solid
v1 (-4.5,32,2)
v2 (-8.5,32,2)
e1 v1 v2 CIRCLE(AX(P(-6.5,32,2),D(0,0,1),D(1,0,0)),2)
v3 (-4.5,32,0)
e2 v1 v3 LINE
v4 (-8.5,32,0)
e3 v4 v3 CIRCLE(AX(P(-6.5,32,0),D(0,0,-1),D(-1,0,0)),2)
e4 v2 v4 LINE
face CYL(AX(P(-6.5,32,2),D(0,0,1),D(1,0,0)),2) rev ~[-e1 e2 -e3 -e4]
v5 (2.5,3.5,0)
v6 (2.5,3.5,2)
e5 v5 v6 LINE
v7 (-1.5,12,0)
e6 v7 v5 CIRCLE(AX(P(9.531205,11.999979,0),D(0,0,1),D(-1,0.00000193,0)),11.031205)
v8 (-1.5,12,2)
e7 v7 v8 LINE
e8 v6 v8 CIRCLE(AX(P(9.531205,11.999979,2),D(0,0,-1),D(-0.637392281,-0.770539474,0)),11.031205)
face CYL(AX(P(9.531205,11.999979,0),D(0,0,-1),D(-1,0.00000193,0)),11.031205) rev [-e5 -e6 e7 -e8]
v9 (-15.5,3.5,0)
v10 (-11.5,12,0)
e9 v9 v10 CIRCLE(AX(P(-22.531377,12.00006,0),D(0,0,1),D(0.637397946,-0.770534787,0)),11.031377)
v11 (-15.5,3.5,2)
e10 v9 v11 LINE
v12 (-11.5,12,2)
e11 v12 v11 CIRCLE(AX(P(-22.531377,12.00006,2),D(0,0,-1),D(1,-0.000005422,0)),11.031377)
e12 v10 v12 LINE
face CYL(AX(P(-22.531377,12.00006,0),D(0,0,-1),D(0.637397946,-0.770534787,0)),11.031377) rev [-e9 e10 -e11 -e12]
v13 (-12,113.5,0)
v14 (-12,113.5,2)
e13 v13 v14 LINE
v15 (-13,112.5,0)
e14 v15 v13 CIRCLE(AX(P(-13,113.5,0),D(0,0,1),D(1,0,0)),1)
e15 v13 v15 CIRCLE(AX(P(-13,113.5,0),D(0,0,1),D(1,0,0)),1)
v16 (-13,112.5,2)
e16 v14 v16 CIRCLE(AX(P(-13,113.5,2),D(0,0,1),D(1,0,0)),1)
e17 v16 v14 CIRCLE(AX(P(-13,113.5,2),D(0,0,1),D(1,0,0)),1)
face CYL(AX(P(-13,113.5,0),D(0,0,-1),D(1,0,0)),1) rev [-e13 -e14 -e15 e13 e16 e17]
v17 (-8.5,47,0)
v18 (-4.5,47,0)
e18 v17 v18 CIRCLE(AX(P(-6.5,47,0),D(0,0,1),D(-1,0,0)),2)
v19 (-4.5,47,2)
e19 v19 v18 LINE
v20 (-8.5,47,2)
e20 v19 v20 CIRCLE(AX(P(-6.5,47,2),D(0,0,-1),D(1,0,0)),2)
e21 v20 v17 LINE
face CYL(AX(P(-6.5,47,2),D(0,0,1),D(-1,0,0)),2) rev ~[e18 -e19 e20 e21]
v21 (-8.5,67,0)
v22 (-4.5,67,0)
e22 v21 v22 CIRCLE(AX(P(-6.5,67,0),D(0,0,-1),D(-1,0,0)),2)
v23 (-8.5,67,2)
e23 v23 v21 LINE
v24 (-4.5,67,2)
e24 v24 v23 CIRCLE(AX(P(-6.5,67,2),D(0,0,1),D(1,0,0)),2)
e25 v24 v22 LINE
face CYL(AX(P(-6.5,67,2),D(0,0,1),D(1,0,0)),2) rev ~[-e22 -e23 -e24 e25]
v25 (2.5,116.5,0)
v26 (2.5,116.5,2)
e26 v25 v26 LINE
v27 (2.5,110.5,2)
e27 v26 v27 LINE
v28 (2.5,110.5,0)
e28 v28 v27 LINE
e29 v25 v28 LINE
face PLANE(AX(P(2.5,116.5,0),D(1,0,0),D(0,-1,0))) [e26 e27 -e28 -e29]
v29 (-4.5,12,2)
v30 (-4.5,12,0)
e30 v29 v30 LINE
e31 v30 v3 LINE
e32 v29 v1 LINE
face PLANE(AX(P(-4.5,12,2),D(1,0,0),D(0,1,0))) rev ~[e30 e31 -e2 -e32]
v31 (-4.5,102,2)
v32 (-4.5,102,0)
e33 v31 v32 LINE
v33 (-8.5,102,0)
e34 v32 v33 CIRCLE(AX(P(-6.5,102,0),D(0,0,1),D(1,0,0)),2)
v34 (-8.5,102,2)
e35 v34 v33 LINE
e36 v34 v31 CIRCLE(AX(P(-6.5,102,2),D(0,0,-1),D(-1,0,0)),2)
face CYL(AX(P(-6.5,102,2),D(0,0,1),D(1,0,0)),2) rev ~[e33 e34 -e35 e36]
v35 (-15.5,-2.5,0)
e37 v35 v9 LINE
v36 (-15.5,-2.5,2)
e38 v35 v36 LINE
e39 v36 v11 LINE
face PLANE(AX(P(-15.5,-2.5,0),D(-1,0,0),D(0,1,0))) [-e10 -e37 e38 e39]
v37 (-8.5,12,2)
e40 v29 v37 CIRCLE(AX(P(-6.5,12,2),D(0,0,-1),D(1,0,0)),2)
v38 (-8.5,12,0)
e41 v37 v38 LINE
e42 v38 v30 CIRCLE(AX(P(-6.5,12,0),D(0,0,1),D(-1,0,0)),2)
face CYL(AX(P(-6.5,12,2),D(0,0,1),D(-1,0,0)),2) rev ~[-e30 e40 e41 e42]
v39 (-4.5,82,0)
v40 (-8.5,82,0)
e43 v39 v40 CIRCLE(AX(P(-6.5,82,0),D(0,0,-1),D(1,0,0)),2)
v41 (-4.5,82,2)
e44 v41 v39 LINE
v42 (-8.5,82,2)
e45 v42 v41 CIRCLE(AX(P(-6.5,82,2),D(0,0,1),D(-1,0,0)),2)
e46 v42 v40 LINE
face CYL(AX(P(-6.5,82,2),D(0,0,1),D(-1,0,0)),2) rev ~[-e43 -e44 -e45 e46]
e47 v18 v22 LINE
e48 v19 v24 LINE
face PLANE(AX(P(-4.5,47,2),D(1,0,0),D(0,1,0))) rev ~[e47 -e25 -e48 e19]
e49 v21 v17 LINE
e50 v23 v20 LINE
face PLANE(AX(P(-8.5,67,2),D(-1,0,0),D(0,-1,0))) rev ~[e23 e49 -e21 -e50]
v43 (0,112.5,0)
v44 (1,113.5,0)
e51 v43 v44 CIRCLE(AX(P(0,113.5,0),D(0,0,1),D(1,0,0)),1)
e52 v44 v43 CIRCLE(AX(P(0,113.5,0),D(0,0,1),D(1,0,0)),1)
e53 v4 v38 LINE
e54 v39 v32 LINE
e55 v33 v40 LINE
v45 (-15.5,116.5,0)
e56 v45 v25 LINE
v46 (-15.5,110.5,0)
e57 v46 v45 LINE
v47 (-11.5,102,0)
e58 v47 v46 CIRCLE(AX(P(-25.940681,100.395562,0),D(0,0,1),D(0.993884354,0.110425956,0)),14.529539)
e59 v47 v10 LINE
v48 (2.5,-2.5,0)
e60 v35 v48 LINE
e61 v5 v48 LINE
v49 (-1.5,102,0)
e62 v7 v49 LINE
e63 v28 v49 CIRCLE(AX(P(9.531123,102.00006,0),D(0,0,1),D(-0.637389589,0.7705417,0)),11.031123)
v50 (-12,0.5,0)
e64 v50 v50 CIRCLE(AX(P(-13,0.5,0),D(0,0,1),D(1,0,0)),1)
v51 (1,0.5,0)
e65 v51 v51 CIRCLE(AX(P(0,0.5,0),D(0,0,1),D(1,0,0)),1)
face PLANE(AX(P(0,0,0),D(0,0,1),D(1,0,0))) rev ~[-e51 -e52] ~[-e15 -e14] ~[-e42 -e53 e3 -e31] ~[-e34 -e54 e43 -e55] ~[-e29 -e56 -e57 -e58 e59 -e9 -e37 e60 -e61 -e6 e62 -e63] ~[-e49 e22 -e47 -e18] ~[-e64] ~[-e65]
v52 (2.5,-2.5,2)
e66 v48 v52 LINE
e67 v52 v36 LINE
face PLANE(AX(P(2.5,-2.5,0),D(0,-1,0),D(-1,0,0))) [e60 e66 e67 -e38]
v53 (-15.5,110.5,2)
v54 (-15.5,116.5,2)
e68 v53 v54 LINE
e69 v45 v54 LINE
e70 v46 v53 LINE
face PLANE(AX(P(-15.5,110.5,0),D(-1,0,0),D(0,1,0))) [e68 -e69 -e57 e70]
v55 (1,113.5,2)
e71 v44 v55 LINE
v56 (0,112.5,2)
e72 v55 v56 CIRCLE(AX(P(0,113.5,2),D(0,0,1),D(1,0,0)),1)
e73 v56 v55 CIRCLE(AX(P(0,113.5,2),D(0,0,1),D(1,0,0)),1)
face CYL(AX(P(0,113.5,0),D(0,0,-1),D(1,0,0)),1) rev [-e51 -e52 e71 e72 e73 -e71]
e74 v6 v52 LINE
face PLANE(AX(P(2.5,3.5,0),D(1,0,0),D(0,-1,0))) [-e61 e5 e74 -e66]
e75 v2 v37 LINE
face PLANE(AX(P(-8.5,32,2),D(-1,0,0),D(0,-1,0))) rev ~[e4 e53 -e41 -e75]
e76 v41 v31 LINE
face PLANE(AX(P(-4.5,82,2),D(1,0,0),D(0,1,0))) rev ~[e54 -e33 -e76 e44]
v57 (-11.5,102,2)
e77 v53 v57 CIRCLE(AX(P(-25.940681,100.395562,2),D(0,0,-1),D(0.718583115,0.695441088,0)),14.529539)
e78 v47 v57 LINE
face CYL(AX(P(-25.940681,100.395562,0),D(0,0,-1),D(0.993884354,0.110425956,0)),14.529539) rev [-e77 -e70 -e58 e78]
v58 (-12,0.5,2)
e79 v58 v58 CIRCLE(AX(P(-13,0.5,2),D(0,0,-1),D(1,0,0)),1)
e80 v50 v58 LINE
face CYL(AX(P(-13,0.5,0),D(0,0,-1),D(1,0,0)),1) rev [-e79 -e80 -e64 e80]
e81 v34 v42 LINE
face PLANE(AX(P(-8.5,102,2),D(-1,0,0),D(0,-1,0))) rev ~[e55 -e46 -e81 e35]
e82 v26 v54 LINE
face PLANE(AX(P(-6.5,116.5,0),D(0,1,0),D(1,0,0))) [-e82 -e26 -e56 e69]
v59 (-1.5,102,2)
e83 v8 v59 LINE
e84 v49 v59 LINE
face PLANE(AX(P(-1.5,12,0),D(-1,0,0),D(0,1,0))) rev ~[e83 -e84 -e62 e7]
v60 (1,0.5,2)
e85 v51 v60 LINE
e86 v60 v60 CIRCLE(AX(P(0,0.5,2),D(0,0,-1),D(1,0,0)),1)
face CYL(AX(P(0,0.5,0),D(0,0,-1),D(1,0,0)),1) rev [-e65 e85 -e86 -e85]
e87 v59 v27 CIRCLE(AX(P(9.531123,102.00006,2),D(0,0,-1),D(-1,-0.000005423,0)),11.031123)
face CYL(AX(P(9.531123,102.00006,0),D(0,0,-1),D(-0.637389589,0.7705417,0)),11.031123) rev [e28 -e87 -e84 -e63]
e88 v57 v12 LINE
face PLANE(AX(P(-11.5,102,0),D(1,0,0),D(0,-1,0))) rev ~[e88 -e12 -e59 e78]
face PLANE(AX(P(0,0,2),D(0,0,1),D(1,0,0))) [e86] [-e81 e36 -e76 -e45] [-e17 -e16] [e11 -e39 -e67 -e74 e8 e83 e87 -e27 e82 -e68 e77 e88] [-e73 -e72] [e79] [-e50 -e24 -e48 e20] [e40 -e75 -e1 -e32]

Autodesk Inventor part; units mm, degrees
ref_plane "YZ Plane" through (0, 0, 0) normal (1, 0, 0) x (0, 1, 0)
ref_plane "XZ Plane" through (0, 0, 0) normal (0, 1, 0) x (-1, 0, 0)
ref_plane "XY Plane" through (0, 0, 0) normal (0, 0, 1) x (1, 0, 0)
sketch "Sketch1" plane through (0, 0, 0) normal (0, 0, 1) x (1, 0, 0)
  line L0 (2.5, -3) -> (-2.5, -3) projected
  line L1 (2.5, 4) -> (2.5, -3) projected
  line L2 (-2.5, 4) -> (2.5, 4) projected
  line L3 (-2.5, -3) -> (-2.5, 4) projected
  circle A0 centre (0, 0.5) radius 1 projected
  line L4 (-10.5, -3) -> (-15.5, -3) projected
  line L5 (-10.5, 4) -> (-10.5, -3) projected
  line L6 (-15.5, 4) -> (-10.5, 4) projected
  line L7 (-15.5, -3) -> (-15.5, 4) projected
  circle A1 centre (-13, 0.5) radius 1 projected
  circle A2 centre (-6.5, -28) radius 1.25 projected
  line L8 (-6.5, -28) -> (-6.5, 142)
  line L9 (-13, 0.5) -> (0, 0.5)
  line L10 (-6.5, 142) -> (-6.5, 113.5)
  line L11 (0, 0.5) -> (0, 113.5)
  line L12 (-13, 0.5) -> (-13, 113.5)
  circle A3 centre (-13, 113.5) radius 1
  circle A4 centre (0, 113.5) radius 1
  line L13 (-15.5, 116.5) -> (2.5, 116.5)
  line L14 (2.5, 116.5) -> (2.5, 110.5)
  line L15 (2.5, 110.5) -> (-15.5, 110.5)
  line L16 (-15.5, 110.5) -> (-15.5, 116.5)
  line L17 (-15.5, 116.5) -> (2.5, 110.5) construction
  line L18 (2.5, 116.5) -> (-15.5, 110.5) construction
  line L19 (-15.5, 3.5) -> (2.5, 3.5)
  line L20 (2.5, 3.5) -> (2.5, -2.5)
  line L21 (2.5, -2.5) -> (-15.5, -2.5)
  line L22 (-15.5, -2.5) -> (-15.5, 3.5)
  line L23 (-15.5, 3.5) -> (2.5, -2.5) construction
  line L24 (2.5, 3.5) -> (-15.5, -2.5) construction
  line L25 (-11.5, 12) -> (-1.5, 12)
  line L26 (-1.5, 12) -> (-1.5, 102)
  line L27 (-1.5, 102) -> (-11.5, 102)
  line L28 (-11.5, 102) -> (-11.5, 12)
  line L29 (-11.5, 12) -> (-1.5, 102) construction
  line L30 (-1.5, 12) -> (-11.5, 102) construction
  arc A5 (-11.5, 102) -> (-15.5, 110.5) centre (-25.9409, 100.3955) ccw
  arc A6 (2.5, 110.5) -> (-1.5, 102) centre (9.5312, 102) ccw
  arc A7 (-15.5, 3.5) -> (-11.5, 12) centre (-22.5313, 12) ccw
  arc A8 (-1.5, 12) -> (2.5, 3.5) centre (9.5313, 12) ccw
  point P0 (0, 0)
  point P1 (-6.5, 0.5)
  point P2 (-6.5, 57)
  point P3 (2.5, -2.5)
  point P4 (2.5, 3.5)
  dimension "d0" = 170
  dimension "d1" = 28.5
  dimension "d2" = 113
  dimension "d3" = 113
  dimension "d4" = 2
  dimension "d5" = 2
  dimension "d6" = 18
  dimension "d7" = 6
  dimension "d8" = 18
  dimension "d9" = 6
  dimension "d10" = 10
  dimension "d11" = 90
extrude "Extrusion1" add sketch "Sketch1" along normal blind 2 contours L21 L3 L9 A0 L11 L19 L1 | L21 L8 L9 L3 | L19 L11 L2 A8 | L9 L8 L19 L3 | L3 L19 L11 A0 L9 | L21 L5 L9 L8 | L19 L3 L2 L11 | L2 L11 A8 | L19 L8 L25 A8 L11 L2 L3 | L9 L5 L19 L8 | L21 L7 L19 L12 A1 L9 L5 | L19 L5 L6 L12 A7 L25 L8 | L9 A1 L12 L19 L5 | A6 L27 L8 L15 L11 | L11 L15 A6 | L25 L8 L27 L26 | L25 L28 L27 L8 | L19 L12 L6 L5 | A7 L6 L12 L19 | L15 L8 L13 L14 | L27 A5 L12 L15 L8 | A7 L12 L6 | L15 L16 L13 L8 | L12 A5 L15
sketch "Sketch2" plane through (0, 0, 2) normal (0, 0, 1) x (1, 0, 0)
  line L0 (-15.5, 3.5) -> (-15.5, -2.5) projected
  line L1 (-15.5, -2.5) -> (2.5, -2.5) projected
  line L2 (2.5, -2.5) -> (2.5, 3.5) projected
  arc A0 (-1.5, 12) -> (2.5, 3.5) centre (9.5313, 12) ccw projected
  line L3 (-1.5, 12) -> (-1.5, 102) projected
  arc A1 (2.5, 110.5) -> (-1.5, 102) centre (9.5312, 102) ccw projected
  line L4 (2.5, 110.5) -> (2.5, 116.5) projected
  line L5 (2.5, 116.5) -> (-15.5, 116.5) projected
  line L6 (-15.5, 116.5) -> (-15.5, 110.5) projected
  arc A2 (-11.5, 102) -> (-15.5, 110.5) centre (-25.9409, 100.3955) ccw projected
  line L7 (-11.5, 102) -> (-11.5, 12) projected
  arc A3 (-15.5, 3.5) -> (-11.5, 12) centre (-22.5313, 12) ccw projected
  circle A4 centre (0, 0.5) radius 1 projected
  circle A5 centre (0, 113.5) radius 1 projected
  circle A6 centre (-13, 113.5) radius 1 projected
  circle A7 centre (-13, 0.5) radius 1 projected
  line L8 (2.5, 116.5) -> (-15.5, 116.5) projected
  line L9 (-6.5, 116.5) -> (-6.5, -2.5)
  line L10 (-6.5, 67) -> (-6.5, 47) construction
  line L11 (-8.5, 67) -> (-8.5, 47)
  line L12 (-4.5, 47) -> (-4.5, 67)
  arc A8 (-4.5, 67) -> (-8.5, 67) centre (-6.5, 67) ccw
  arc A9 (-8.5, 47) -> (-4.5, 47) centre (-6.5, 47) ccw
  line L13 (-6.5, 57) -> (-6.5, 92)
  line L14 (-6.5, 102) -> (-6.5, 82) construction
  line L15 (-8.5, 102) -> (-8.5, 82)
  line L16 (-4.5, 82) -> (-4.5, 102)
  arc A10 (-4.5, 102) -> (-8.5, 102) centre (-6.5, 102) ccw
  arc A11 (-8.5, 82) -> (-4.5, 82) centre (-6.5, 82) ccw
  line L17 (-6.5, 57) -> (-6.5, 22)
  line L18 (-6.5, 32) -> (-6.5, 12) construction
  line L19 (-8.5, 32) -> (-8.5, 12)
  line L20 (-4.5, 12) -> (-4.5, 32)
  arc A12 (-4.5, 32) -> (-8.5, 32) centre (-6.5, 32) ccw
  arc A13 (-8.5, 12) -> (-4.5, 12) centre (-6.5, 12) ccw
  point P0 (0, 0)
  dimension "d14" = 10
  dimension "d15" = 4
  dimension "d16" = 35
  dimension "d17" = 10
  dimension "d18" = 4
  dimension "d19" = 35
  dimension "d20" = 10
  dimension "d21" = 4
extrude "Extrusion2" cut sketch "Sketch2" against normal blind 2 contours A13 L19 A12 L9 | L9 A12 L20 A13 | A9 L11 A8 L9 | L9 A8 L12 A9 | A10 L16 A11 L9 | L9 A11 L15 A10
properties part number "arm_5"
